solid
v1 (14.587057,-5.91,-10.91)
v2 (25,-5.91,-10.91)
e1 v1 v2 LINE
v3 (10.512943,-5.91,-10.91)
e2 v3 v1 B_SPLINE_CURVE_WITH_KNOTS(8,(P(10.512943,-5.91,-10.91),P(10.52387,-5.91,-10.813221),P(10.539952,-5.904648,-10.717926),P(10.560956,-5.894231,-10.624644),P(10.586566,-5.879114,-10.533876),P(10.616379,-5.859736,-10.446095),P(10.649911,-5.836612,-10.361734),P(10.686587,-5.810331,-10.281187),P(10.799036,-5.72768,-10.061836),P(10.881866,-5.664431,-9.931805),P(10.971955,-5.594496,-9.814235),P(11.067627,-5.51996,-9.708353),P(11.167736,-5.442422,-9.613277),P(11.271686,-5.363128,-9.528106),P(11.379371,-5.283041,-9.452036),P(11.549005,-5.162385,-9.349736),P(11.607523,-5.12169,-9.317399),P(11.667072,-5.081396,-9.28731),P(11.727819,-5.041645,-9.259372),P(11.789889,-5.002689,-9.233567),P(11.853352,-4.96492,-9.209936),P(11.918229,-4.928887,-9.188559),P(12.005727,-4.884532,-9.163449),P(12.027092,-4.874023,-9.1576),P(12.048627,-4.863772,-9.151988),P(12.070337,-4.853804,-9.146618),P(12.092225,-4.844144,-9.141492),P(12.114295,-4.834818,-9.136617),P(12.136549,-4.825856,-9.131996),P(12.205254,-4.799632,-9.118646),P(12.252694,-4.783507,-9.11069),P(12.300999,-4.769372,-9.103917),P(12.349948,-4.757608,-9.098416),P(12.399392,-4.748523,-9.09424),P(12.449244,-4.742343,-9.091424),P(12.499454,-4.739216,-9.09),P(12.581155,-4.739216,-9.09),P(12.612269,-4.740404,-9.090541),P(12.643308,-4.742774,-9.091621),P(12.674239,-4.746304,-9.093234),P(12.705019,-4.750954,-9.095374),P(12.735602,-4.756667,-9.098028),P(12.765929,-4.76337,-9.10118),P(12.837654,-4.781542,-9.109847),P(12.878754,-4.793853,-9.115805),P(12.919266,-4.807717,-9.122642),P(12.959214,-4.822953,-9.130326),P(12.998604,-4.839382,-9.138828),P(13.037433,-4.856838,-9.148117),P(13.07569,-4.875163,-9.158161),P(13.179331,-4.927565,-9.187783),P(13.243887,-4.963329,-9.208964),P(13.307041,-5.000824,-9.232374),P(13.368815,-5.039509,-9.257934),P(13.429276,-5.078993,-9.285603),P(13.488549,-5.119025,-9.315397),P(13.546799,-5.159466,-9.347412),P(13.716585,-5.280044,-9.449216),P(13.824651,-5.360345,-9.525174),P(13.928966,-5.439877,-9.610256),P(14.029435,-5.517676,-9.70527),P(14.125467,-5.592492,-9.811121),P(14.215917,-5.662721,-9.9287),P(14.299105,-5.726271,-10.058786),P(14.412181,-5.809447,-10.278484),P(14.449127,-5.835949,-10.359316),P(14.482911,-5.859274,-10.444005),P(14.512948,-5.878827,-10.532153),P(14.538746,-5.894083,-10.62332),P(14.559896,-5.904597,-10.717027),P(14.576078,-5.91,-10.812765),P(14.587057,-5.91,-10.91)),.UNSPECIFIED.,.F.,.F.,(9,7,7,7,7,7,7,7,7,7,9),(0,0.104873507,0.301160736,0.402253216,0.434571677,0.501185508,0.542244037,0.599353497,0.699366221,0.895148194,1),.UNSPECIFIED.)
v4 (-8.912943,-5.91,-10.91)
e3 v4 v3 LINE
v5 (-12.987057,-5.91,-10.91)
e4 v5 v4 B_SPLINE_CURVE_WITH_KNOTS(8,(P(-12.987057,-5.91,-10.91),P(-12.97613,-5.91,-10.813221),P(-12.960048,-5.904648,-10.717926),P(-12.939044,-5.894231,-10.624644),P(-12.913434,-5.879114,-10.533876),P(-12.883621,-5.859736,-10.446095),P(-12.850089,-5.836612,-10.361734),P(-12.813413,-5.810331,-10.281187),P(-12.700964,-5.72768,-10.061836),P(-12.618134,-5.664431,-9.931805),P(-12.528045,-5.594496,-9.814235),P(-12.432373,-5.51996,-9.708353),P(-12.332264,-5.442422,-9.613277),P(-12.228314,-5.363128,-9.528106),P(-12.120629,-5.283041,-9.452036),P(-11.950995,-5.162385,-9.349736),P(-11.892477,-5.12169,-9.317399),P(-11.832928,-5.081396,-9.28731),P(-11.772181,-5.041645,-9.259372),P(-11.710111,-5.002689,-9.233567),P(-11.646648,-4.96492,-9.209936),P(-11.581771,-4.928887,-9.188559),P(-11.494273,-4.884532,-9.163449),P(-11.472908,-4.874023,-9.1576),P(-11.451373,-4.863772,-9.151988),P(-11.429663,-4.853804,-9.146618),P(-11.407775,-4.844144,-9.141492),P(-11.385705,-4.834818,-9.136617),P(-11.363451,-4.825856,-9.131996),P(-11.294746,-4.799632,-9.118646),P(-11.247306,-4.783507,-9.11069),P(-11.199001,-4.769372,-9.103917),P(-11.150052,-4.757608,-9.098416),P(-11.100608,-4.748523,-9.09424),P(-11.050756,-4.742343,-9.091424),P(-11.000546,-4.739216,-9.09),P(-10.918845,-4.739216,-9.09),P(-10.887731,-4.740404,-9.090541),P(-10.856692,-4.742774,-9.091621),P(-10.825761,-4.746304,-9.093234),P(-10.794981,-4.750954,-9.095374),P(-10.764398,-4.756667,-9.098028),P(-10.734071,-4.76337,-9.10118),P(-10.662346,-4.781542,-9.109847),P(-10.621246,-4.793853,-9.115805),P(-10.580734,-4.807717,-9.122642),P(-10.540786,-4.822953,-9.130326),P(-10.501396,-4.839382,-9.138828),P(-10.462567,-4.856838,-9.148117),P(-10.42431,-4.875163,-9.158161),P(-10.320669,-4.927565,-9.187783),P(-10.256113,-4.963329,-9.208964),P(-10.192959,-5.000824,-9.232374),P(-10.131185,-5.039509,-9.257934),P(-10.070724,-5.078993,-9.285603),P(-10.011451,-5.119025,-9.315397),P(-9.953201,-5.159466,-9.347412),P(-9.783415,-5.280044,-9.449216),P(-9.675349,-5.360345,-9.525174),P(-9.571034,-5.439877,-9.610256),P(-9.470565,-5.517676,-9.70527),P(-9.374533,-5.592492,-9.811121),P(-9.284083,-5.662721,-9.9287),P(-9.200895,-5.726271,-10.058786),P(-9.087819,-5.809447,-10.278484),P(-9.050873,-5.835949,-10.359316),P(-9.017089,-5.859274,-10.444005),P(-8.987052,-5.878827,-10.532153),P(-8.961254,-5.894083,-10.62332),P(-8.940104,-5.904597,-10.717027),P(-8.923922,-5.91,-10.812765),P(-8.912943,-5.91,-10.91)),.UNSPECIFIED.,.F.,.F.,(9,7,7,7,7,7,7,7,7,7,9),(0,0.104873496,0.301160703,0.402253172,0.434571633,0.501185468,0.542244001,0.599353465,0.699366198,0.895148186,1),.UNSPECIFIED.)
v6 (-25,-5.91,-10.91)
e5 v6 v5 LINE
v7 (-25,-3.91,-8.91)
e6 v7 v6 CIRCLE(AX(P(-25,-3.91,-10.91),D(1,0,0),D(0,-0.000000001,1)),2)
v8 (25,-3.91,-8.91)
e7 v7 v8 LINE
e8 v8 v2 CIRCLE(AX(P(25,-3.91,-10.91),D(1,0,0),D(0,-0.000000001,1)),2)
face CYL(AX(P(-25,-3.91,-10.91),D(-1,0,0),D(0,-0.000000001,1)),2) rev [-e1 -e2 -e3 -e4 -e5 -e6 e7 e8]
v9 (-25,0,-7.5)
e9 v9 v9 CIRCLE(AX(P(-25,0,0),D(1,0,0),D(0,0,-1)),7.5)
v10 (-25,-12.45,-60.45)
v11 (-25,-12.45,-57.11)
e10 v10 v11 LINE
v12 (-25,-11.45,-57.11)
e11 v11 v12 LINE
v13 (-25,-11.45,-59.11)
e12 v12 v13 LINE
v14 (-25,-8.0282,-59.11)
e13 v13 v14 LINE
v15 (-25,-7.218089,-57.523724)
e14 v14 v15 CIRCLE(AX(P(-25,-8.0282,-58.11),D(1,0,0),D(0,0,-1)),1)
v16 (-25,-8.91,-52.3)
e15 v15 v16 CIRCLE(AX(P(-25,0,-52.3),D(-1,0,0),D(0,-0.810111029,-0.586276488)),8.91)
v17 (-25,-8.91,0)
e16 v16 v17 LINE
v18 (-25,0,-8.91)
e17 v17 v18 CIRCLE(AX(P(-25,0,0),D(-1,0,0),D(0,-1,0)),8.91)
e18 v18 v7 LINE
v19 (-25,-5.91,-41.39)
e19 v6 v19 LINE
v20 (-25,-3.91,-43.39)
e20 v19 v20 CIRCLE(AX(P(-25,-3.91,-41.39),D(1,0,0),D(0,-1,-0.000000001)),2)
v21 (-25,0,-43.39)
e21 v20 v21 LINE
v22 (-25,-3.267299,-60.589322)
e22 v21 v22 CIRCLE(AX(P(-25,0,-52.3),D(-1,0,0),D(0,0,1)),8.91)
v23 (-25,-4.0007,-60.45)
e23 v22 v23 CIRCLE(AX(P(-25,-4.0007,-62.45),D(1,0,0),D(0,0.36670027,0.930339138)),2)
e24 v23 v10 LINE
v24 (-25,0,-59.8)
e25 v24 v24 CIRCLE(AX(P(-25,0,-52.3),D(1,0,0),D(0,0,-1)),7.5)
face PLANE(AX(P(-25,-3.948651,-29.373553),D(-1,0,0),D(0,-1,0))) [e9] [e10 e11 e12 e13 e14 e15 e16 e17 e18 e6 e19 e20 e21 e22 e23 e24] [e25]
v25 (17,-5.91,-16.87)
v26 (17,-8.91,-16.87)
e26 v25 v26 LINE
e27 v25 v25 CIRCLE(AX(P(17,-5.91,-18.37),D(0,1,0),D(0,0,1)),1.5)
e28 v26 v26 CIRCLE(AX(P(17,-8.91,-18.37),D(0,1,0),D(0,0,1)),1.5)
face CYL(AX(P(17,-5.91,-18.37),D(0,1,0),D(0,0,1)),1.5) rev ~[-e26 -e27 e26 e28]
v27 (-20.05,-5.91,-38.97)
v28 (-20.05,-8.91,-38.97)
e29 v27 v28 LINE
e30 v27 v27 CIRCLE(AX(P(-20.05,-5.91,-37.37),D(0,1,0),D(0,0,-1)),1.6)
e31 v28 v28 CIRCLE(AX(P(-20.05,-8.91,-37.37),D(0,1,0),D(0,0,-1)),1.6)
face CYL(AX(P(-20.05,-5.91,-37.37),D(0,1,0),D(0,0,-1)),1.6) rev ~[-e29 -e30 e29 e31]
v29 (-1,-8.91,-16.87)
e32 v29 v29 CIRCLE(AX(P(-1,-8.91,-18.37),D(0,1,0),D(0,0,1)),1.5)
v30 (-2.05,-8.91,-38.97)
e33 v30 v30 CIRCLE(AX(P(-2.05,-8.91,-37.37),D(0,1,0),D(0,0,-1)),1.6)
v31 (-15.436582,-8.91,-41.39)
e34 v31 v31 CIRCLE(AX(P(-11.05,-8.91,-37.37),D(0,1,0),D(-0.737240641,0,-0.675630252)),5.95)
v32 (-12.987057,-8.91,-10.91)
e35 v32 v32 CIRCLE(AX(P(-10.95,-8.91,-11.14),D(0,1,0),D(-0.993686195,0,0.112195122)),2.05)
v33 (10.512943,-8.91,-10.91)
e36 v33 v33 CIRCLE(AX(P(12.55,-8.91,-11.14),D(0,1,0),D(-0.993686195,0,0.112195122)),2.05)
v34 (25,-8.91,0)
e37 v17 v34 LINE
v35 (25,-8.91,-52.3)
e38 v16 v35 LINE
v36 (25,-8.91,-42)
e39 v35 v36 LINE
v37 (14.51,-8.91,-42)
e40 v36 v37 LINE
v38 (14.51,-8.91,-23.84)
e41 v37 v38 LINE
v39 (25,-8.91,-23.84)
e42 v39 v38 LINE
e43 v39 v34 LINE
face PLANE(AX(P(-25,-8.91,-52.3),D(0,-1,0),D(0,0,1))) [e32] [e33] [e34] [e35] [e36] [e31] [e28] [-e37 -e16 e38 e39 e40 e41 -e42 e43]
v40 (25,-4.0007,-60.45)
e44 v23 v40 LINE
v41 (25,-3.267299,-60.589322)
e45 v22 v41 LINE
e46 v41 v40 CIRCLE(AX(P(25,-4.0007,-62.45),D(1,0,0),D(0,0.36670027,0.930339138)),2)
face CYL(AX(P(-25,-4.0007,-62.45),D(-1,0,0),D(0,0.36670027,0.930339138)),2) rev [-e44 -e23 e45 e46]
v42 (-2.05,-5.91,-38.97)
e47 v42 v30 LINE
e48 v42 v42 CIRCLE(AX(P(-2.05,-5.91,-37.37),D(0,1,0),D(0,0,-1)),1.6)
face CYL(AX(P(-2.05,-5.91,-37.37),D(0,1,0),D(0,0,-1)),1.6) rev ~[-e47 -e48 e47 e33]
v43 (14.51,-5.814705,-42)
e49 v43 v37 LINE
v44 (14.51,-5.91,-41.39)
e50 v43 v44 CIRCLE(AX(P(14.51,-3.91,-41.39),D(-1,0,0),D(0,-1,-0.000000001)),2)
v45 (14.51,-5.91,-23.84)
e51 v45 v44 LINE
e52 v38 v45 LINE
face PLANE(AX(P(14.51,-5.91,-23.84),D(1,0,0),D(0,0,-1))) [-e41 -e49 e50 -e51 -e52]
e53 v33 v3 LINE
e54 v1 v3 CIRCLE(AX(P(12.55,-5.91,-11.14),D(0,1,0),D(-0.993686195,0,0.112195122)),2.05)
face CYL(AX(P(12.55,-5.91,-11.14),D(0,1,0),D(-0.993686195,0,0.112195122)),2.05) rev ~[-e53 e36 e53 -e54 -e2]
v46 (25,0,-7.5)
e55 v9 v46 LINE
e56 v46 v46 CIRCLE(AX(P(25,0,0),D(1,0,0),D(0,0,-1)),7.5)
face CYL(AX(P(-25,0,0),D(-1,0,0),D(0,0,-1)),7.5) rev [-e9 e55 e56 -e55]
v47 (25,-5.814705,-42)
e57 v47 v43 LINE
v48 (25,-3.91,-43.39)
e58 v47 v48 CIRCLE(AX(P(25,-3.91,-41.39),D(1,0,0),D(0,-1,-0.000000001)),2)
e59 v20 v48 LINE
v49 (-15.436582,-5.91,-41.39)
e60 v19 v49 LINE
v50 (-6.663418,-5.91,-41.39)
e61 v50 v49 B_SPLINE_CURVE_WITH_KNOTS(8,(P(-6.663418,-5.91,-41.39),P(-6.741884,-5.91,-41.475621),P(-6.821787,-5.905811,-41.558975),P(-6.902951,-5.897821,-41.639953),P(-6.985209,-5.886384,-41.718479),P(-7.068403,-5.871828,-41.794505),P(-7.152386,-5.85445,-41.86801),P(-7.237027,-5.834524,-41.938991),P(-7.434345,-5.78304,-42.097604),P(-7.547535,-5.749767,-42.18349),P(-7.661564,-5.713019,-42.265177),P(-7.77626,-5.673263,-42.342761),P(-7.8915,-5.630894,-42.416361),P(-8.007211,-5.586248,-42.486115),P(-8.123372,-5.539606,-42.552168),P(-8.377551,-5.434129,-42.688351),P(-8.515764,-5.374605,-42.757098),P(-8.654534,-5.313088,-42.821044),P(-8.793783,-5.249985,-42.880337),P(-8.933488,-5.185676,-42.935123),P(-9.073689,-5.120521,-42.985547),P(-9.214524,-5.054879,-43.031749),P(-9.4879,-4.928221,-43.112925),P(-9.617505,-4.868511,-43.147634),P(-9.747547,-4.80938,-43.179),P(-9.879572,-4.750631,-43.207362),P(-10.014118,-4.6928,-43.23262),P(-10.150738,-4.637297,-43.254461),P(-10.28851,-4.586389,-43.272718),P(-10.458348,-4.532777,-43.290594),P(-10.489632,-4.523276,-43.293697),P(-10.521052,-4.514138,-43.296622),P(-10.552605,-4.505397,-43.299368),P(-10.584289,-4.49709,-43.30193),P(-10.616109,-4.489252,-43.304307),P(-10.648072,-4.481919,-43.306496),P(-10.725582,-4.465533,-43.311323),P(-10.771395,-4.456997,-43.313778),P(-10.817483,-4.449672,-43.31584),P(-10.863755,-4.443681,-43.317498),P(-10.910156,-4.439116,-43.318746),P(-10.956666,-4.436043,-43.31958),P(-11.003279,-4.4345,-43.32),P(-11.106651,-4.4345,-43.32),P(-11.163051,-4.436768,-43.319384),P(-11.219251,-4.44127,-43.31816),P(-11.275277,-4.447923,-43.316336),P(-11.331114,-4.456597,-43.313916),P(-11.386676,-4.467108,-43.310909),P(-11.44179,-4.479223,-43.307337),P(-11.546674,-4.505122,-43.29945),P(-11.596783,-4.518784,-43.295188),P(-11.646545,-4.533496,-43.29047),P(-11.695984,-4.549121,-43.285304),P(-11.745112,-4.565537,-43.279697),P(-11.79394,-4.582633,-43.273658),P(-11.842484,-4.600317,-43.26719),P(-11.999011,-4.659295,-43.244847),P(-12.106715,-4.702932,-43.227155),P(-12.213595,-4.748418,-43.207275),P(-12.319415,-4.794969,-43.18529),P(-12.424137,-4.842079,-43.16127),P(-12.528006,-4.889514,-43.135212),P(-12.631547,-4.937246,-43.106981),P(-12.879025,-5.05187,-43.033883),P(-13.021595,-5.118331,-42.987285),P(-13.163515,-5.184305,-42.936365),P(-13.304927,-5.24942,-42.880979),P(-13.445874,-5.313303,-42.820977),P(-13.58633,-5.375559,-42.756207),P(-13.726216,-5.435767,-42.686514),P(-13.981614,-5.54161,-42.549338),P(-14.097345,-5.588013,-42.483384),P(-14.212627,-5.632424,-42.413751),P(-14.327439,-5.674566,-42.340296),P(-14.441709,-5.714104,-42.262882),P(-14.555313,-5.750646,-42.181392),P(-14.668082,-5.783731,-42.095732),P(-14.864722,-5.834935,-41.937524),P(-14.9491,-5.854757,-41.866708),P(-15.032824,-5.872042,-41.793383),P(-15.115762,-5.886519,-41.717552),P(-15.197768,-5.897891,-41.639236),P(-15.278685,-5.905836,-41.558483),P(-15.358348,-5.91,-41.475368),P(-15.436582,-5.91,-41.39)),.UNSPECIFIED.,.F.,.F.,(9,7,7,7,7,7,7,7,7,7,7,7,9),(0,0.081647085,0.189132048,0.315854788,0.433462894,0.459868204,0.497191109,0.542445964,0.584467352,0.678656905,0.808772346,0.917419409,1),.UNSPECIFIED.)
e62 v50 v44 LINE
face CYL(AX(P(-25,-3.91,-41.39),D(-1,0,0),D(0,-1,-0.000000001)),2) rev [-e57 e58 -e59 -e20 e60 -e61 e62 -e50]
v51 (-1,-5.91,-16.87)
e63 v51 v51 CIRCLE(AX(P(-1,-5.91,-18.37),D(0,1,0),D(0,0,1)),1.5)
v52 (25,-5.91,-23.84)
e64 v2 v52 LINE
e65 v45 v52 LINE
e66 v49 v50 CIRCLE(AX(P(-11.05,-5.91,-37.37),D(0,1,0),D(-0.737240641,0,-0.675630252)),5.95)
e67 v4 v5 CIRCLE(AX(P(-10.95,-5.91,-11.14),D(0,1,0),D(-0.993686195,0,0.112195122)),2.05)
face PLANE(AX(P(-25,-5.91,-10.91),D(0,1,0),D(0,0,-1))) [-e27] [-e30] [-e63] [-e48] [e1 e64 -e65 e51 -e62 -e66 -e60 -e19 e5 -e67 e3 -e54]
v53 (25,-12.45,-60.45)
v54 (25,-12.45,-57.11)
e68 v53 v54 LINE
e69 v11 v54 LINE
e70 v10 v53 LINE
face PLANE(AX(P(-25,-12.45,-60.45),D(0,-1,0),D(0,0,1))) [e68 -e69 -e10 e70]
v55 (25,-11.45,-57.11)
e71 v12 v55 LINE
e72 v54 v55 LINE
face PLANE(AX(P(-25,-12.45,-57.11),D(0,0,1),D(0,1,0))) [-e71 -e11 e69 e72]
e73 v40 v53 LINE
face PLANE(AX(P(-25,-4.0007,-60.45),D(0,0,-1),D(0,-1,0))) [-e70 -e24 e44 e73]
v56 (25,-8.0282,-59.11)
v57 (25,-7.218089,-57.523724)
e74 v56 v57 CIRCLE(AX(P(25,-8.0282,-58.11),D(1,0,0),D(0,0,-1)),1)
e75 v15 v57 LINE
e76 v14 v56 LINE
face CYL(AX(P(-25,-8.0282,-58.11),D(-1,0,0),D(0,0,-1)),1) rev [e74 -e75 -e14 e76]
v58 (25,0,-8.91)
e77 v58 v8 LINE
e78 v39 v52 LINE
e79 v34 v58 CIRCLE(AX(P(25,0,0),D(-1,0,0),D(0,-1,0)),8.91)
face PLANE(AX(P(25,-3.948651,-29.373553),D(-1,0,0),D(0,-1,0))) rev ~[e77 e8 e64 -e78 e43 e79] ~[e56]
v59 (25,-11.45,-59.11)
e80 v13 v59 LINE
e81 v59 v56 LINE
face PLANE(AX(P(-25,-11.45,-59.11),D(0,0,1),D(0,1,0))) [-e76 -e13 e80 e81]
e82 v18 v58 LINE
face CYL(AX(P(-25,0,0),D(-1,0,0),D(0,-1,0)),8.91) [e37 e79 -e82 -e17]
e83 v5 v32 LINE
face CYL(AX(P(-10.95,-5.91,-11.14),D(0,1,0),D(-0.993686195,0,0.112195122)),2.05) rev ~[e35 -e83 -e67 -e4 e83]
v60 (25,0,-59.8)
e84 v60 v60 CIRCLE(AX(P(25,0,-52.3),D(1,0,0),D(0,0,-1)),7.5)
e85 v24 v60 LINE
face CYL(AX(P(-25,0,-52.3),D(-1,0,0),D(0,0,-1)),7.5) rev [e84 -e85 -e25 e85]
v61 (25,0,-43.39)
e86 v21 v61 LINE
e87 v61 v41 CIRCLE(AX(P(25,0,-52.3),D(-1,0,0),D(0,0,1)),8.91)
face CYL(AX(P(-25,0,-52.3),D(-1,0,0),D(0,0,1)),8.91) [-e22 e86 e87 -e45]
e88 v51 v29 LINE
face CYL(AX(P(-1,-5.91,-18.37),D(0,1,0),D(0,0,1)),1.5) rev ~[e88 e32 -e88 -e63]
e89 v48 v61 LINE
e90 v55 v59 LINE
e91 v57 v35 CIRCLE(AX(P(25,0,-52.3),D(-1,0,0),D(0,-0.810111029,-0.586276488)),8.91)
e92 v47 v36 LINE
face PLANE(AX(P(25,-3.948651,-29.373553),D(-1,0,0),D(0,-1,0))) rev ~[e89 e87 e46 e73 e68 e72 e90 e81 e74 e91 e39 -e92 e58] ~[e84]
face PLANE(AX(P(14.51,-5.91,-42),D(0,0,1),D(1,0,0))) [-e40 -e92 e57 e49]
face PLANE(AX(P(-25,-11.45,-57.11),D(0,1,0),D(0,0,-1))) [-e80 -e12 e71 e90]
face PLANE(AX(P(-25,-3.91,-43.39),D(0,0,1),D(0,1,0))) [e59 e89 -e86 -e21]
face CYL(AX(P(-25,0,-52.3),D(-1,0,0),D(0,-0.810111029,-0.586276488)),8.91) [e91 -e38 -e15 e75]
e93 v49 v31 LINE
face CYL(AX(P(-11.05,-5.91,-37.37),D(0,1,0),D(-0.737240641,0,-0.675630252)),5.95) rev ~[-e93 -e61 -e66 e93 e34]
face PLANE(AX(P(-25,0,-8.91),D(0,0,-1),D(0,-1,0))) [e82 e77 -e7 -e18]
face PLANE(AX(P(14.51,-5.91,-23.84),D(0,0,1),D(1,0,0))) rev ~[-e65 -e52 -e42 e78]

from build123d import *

# Parameters (mm, degrees)
EXTRUDE_1_DEPTH      = 25
EXTRUDE_1_DEPTH_BACK = 25
SKETCH_1_R           = 7.5
SKETCH_2_R           = 1.6
SKETCH_2_R_2         = 5.95
SKETCH_2_W           = 10.49
SKETCH_2_H           = 18.16
EXTRUDE_2_DEPTH      = 25
SKETCH_3_R           = 2.05
EXTRUDE_3_DEPTH      = 25
SKETCH_4_R           = 1.5
EXTRUDE_4_DEPTH      = 10


with BuildPart() as part:
    # Эскиз1 → Выдавливание1 (new, two sides: drawn at the far end of the back side and taken through both)
    with BuildSketch(Plane.YZ.offset(-EXTRUDE_1_DEPTH_BACK)):
        with BuildLine():
            Line((-8.91, -52.3), (-8.91, 0))
            ThreePointArc((-8.91, 0), (6.30032142, 6.30032142), (0, -8.91))
            Line((0, -8.91), (-3.91, -8.91))
            ThreePointArc((-3.91, -8.91), (-5.324213562, -9.495786438), (-5.91, -10.91))
            Line((-5.91, -10.91), (-5.91, -41.39))
            ThreePointArc((-5.91, -41.39), (-5.324213562, -42.804213562), (-3.91, -43.39))
            Line((-3.91, -43.39), (0, -43.39))
            ThreePointArc((0, -43.39), (8.753455219, -53.962865516), (-3.2672994, -60.589321723))
            ThreePointArc((-3.2672994, -60.589321723), (-3.627441686, -60.48513912), (-4.000699939, -60.45))
            Line((-4.000699939, -60.45), (-12.45, -60.45))
            Line((-12.45, -60.45), (-12.45, -57.11))
            Line((-12.45, -57.11), (-11.45, -57.11))
            Line((-11.45, -57.11), (-11.45, -59.11))
            Line((-11.45, -59.11), (-8.028200296, -59.11))
            ThreePointArc((-8.028200296, -59.11), (-7.137617204, -58.564820575), (-7.218089268, -57.523723512))
            ThreePointArc((-7.218089268, -57.523723512), (-8.476475546, -55.045443919), (-8.91, -52.3))
        make_face()
        with Locations(Location((0, 0, 0), (0, 0, 270))):
            Circle(SKETCH_1_R, mode=Mode.SUBTRACT)
        with Locations(Location((0, -52.3, 0), (0, 0, 270))):
            Circle(SKETCH_1_R, mode=Mode.SUBTRACT)
    extrude(amount=EXTRUDE_1_DEPTH + EXTRUDE_1_DEPTH_BACK)

    # Эскиз2 → Выдавливание2 (cut, symmetric)
    with BuildSketch(Plane(origin=(-25, -5.91, -8.91), x_dir=(1, 0, 0), z_dir=(0, 1, 0))):
        with Locations(Location((4.95, 28.46, 0), (0, 0, 90))):
            Circle(SKETCH_2_R)
        with Locations(Location((22.95, 28.46, 0), (0, 0, 90))):
            Circle(SKETCH_2_R)
        with Locations(Location((13.95, 28.46, 0), (0, 0, 137.496887959))):
            Circle(SKETCH_2_R_2)
        with Locations((44.755, 24.01)):
            Rectangle(SKETCH_2_W, SKETCH_2_H)
    extrude(amount=EXTRUDE_2_DEPTH, both=True, mode=Mode.SUBTRACT)

    # Эскиз3 → Выдавливание3 (cut, symmetric)
    with BuildSketch(Plane(origin=(0, -5.91, 0), x_dir=(-1, 0, 0), z_dir=(0, 1, 0))):
        with Locations(Location((10.95, -11.14, 0), (0, 0, 6.441870255))):
            Circle(SKETCH_3_R)
        with Locations(Location((-12.55, -11.14, 0), (0, 0, 6.441870255))):
            Circle(SKETCH_3_R)
    extrude(amount=EXTRUDE_3_DEPTH, both=True, mode=Mode.SUBTRACT)

    # Эскиз4 → Выдавливание4 (cut)
    with BuildSketch(Plane(origin=(0, -5.91, 0), x_dir=(-1, 0, 0), z_dir=(0, 1, 0))):
        with Locations(Location((-17, -18.37, 0), (0, 0, 90))):
            Circle(SKETCH_4_R)
        with Locations(Location((1, -18.37, 0), (0, 0, 90))):
            Circle(SKETCH_4_R)
    extrude(amount=-EXTRUDE_4_DEPTH, mode=Mode.SUBTRACT)


solid = part.part
